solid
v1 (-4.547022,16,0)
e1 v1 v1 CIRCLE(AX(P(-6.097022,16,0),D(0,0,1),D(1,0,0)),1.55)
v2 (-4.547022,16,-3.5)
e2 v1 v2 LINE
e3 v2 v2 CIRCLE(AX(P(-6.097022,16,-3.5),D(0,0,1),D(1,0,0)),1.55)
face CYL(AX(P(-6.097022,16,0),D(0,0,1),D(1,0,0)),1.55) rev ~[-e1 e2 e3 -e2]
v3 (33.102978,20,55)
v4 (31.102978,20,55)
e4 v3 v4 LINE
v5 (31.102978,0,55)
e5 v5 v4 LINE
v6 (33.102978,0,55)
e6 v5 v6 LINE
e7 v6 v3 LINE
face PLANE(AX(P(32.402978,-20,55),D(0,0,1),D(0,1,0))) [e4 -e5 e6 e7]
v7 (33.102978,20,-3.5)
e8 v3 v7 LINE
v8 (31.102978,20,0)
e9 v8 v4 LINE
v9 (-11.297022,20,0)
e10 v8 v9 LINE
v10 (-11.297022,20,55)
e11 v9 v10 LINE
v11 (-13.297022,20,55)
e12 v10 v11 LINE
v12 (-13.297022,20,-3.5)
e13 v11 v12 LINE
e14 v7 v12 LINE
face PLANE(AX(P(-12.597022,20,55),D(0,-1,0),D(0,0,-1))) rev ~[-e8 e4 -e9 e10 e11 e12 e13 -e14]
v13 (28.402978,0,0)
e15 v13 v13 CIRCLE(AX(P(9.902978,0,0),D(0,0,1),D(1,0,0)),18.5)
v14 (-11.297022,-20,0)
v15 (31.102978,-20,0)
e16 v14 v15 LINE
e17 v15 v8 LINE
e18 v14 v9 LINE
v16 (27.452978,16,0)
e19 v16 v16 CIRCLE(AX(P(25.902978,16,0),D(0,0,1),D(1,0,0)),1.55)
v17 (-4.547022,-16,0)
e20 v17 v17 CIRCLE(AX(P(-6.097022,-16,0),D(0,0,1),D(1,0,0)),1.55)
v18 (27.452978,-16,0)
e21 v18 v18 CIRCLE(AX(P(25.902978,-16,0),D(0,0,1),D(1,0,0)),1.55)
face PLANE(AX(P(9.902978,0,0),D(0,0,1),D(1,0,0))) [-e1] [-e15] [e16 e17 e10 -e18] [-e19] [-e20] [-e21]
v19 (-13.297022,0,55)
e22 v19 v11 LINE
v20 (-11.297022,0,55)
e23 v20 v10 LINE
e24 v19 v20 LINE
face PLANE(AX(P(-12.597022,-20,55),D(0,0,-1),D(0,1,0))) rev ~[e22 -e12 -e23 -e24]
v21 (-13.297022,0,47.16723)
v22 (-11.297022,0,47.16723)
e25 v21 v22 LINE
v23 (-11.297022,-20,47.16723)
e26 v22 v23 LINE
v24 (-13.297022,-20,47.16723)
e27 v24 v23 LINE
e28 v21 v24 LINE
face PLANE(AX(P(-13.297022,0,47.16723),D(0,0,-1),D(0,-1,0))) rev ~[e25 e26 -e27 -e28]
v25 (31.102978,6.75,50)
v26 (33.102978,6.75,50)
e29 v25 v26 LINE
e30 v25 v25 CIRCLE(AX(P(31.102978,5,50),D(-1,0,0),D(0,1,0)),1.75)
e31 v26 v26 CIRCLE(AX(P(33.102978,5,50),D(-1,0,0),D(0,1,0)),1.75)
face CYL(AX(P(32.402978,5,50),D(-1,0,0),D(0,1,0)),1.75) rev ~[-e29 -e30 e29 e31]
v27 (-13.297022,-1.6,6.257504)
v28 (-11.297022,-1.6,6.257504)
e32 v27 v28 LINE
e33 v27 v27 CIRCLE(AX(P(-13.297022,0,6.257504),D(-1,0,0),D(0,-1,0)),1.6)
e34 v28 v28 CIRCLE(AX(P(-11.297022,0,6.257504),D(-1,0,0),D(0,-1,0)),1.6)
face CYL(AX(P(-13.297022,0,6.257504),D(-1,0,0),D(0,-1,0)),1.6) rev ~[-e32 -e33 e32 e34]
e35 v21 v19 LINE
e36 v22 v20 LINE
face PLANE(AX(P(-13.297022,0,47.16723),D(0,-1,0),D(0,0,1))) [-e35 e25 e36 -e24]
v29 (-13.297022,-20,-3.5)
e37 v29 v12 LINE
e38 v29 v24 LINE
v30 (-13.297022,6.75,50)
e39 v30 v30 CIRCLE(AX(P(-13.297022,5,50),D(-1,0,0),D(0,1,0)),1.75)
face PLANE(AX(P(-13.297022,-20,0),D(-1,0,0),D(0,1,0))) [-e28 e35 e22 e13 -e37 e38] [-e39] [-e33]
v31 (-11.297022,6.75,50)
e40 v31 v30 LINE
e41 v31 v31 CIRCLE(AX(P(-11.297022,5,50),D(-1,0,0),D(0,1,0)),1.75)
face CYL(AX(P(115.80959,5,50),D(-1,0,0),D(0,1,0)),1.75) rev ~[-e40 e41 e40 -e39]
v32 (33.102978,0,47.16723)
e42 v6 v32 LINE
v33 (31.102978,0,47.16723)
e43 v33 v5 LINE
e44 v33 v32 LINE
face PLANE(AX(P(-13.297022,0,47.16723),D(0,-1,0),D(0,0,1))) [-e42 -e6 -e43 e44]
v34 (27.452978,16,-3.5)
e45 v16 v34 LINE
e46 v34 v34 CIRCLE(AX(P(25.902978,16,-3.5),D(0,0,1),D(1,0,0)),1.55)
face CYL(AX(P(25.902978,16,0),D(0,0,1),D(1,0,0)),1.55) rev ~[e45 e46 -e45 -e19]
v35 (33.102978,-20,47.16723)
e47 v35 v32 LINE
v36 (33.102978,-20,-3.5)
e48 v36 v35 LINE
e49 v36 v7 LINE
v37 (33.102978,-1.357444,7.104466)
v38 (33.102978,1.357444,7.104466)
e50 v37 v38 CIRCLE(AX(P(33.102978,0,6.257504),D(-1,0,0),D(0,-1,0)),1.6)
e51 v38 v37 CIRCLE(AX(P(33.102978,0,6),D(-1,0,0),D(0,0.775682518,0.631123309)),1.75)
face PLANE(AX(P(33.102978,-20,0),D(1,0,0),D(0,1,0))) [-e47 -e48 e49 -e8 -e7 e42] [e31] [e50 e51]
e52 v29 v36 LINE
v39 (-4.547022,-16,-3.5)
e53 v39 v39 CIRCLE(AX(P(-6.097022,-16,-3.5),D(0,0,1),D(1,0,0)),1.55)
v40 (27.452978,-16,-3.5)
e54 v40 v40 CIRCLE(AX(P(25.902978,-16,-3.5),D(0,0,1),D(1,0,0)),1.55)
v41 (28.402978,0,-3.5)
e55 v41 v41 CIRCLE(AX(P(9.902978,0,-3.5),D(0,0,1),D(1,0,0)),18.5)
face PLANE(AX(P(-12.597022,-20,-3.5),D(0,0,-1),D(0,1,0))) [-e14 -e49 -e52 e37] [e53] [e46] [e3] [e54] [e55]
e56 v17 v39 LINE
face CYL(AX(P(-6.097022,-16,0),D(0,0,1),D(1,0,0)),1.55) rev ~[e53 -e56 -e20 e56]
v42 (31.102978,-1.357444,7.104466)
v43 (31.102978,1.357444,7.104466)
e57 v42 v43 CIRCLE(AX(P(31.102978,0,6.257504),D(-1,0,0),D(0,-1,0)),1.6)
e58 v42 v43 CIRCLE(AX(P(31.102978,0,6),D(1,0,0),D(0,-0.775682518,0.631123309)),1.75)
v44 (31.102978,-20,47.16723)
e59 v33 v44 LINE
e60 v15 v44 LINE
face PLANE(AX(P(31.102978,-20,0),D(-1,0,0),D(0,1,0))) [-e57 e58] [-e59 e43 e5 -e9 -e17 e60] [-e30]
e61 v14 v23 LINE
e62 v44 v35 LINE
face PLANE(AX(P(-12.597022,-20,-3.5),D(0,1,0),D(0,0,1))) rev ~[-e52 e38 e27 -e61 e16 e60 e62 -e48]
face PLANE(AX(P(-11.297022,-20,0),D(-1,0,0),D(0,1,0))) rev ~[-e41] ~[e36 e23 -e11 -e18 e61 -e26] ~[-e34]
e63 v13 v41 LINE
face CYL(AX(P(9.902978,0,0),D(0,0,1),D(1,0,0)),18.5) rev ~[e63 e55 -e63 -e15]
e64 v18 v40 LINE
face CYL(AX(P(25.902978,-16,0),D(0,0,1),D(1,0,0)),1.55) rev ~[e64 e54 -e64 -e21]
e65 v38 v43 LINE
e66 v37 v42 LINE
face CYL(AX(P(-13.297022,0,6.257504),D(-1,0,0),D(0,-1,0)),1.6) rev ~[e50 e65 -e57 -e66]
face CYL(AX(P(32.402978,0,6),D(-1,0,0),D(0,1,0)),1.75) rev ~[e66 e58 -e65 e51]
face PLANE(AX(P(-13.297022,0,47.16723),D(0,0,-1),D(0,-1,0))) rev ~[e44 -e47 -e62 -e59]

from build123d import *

# Parameters (mm, degrees)
F0_W      = 42.4
F0_H      = 40
F0_R      = 1.55
F0_R_2    = 18.5
F0_W_2    = 1.3
F1_DEPTH  = 3.5
F2_W      = 1.3
F2_H      = 40
F3_DEPTH  = 55
F6_D      = 3.5
F6_DEPTH  = 43.701
F7_DEPTH  = 0.7
F8_DEPTH  = 0.7
F9_W      = 20
F9_H      = 7.8327696025
F10_DEPTH = 60
F11_D     = 3.5
F12_R     = 1.6
F13_DEPTH = 60


with BuildPart() as f1:
    # F0 (on Top) → F1 (new body)
    with BuildSketch(Plane.XY):
        with Locations((9.9029783159, 0)):
            Rectangle(F0_W, F0_H)
        with Locations((-6.0970216841, -16)):
            Circle(F0_R, mode=Mode.SUBTRACT)
        with Locations((25.9029783159, -16)):
            Circle(F0_R, mode=Mode.SUBTRACT)
        with Locations((-6.0970216841, 16)):
            Circle(F0_R, mode=Mode.SUBTRACT)
        with Locations((9.9029783159, 0)):
            Circle(F0_R_2, mode=Mode.SUBTRACT)
        with Locations((25.9029783159, 16)):
            Circle(F0_R, mode=Mode.SUBTRACT)
        with Locations((-11.9470216841, 0)):
            Rectangle(F0_W_2, F0_H)
        with Locations((31.7529783159, 0)):
            Rectangle(F0_W_2, F0_H)
    extrude(amount=-F1_DEPTH)

    # F2 (on face) → F3 (join)
    with BuildSketch(Plane.XY):
        with Locations((-11.9470216841, 0)):
            Rectangle(F2_W, F2_H)
        with Locations((31.7529783159, 0)):
            Rectangle(F2_W, F2_H)
    extrude(amount=F3_DEPTH)

    # F6 (through all, one way)
    with BuildSketch(Plane(origin=(-11.2970216841, 0, 0), x_dir=(0, 1, 0), z_dir=(-1, 0, 0))):
        with Locations((5, -50), (-14, -50), (0, -6)):
            Circle(F6_D / 2)
    extrude(amount=-F6_DEPTH, mode=Mode.SUBTRACT)

    # F7 (add): a face of the model
    f7_faces = [f1.faces().sort_by_distance(p)[0] for p in [
        (32.4029783159, 0.0374664773, 25.6303154199),
    ]]
    extrude(f7_faces, amount=F7_DEPTH)

    # F8 (add): a face of the model
    f8_faces = [f1.faces().sort_by_distance(p)[0] for p in [
        (-12.5970216841, 0, 25.75),
    ]]
    extrude(f8_faces, amount=F8_DEPTH)

    # F9 (on face) → F10 (cut)
    with BuildSketch(Plane(origin=(-13.2970216841, 0, 0), x_dir=(0, -1, 0), z_dir=(-1, 0, 0))):
        with Locations((10, 51.0836151987)):
            Rectangle(F9_W, F9_H)
    extrude(amount=-F10_DEPTH, mode=Mode.SUBTRACT)

    # F11 (through all)
    with Locations(Plane(origin=(31.1029783159, 0, 0), x_dir=(0, -1, 0), z_dir=(1, 0, 0))):
        with Locations((-5, -50)):
            Hole(F11_D / 2)

    # F12 (on face) → F13 (cut)
    with BuildSketch(Plane(origin=(-13.2970216841, 0, 0), x_dir=(0, -1, 0), z_dir=(-1, 0, 0))):
        with Locations((0, 6.2575037591)):
            Circle(F12_R)
    extrude(amount=-F13_DEPTH, mode=Mode.SUBTRACT)


solid = f1.part
